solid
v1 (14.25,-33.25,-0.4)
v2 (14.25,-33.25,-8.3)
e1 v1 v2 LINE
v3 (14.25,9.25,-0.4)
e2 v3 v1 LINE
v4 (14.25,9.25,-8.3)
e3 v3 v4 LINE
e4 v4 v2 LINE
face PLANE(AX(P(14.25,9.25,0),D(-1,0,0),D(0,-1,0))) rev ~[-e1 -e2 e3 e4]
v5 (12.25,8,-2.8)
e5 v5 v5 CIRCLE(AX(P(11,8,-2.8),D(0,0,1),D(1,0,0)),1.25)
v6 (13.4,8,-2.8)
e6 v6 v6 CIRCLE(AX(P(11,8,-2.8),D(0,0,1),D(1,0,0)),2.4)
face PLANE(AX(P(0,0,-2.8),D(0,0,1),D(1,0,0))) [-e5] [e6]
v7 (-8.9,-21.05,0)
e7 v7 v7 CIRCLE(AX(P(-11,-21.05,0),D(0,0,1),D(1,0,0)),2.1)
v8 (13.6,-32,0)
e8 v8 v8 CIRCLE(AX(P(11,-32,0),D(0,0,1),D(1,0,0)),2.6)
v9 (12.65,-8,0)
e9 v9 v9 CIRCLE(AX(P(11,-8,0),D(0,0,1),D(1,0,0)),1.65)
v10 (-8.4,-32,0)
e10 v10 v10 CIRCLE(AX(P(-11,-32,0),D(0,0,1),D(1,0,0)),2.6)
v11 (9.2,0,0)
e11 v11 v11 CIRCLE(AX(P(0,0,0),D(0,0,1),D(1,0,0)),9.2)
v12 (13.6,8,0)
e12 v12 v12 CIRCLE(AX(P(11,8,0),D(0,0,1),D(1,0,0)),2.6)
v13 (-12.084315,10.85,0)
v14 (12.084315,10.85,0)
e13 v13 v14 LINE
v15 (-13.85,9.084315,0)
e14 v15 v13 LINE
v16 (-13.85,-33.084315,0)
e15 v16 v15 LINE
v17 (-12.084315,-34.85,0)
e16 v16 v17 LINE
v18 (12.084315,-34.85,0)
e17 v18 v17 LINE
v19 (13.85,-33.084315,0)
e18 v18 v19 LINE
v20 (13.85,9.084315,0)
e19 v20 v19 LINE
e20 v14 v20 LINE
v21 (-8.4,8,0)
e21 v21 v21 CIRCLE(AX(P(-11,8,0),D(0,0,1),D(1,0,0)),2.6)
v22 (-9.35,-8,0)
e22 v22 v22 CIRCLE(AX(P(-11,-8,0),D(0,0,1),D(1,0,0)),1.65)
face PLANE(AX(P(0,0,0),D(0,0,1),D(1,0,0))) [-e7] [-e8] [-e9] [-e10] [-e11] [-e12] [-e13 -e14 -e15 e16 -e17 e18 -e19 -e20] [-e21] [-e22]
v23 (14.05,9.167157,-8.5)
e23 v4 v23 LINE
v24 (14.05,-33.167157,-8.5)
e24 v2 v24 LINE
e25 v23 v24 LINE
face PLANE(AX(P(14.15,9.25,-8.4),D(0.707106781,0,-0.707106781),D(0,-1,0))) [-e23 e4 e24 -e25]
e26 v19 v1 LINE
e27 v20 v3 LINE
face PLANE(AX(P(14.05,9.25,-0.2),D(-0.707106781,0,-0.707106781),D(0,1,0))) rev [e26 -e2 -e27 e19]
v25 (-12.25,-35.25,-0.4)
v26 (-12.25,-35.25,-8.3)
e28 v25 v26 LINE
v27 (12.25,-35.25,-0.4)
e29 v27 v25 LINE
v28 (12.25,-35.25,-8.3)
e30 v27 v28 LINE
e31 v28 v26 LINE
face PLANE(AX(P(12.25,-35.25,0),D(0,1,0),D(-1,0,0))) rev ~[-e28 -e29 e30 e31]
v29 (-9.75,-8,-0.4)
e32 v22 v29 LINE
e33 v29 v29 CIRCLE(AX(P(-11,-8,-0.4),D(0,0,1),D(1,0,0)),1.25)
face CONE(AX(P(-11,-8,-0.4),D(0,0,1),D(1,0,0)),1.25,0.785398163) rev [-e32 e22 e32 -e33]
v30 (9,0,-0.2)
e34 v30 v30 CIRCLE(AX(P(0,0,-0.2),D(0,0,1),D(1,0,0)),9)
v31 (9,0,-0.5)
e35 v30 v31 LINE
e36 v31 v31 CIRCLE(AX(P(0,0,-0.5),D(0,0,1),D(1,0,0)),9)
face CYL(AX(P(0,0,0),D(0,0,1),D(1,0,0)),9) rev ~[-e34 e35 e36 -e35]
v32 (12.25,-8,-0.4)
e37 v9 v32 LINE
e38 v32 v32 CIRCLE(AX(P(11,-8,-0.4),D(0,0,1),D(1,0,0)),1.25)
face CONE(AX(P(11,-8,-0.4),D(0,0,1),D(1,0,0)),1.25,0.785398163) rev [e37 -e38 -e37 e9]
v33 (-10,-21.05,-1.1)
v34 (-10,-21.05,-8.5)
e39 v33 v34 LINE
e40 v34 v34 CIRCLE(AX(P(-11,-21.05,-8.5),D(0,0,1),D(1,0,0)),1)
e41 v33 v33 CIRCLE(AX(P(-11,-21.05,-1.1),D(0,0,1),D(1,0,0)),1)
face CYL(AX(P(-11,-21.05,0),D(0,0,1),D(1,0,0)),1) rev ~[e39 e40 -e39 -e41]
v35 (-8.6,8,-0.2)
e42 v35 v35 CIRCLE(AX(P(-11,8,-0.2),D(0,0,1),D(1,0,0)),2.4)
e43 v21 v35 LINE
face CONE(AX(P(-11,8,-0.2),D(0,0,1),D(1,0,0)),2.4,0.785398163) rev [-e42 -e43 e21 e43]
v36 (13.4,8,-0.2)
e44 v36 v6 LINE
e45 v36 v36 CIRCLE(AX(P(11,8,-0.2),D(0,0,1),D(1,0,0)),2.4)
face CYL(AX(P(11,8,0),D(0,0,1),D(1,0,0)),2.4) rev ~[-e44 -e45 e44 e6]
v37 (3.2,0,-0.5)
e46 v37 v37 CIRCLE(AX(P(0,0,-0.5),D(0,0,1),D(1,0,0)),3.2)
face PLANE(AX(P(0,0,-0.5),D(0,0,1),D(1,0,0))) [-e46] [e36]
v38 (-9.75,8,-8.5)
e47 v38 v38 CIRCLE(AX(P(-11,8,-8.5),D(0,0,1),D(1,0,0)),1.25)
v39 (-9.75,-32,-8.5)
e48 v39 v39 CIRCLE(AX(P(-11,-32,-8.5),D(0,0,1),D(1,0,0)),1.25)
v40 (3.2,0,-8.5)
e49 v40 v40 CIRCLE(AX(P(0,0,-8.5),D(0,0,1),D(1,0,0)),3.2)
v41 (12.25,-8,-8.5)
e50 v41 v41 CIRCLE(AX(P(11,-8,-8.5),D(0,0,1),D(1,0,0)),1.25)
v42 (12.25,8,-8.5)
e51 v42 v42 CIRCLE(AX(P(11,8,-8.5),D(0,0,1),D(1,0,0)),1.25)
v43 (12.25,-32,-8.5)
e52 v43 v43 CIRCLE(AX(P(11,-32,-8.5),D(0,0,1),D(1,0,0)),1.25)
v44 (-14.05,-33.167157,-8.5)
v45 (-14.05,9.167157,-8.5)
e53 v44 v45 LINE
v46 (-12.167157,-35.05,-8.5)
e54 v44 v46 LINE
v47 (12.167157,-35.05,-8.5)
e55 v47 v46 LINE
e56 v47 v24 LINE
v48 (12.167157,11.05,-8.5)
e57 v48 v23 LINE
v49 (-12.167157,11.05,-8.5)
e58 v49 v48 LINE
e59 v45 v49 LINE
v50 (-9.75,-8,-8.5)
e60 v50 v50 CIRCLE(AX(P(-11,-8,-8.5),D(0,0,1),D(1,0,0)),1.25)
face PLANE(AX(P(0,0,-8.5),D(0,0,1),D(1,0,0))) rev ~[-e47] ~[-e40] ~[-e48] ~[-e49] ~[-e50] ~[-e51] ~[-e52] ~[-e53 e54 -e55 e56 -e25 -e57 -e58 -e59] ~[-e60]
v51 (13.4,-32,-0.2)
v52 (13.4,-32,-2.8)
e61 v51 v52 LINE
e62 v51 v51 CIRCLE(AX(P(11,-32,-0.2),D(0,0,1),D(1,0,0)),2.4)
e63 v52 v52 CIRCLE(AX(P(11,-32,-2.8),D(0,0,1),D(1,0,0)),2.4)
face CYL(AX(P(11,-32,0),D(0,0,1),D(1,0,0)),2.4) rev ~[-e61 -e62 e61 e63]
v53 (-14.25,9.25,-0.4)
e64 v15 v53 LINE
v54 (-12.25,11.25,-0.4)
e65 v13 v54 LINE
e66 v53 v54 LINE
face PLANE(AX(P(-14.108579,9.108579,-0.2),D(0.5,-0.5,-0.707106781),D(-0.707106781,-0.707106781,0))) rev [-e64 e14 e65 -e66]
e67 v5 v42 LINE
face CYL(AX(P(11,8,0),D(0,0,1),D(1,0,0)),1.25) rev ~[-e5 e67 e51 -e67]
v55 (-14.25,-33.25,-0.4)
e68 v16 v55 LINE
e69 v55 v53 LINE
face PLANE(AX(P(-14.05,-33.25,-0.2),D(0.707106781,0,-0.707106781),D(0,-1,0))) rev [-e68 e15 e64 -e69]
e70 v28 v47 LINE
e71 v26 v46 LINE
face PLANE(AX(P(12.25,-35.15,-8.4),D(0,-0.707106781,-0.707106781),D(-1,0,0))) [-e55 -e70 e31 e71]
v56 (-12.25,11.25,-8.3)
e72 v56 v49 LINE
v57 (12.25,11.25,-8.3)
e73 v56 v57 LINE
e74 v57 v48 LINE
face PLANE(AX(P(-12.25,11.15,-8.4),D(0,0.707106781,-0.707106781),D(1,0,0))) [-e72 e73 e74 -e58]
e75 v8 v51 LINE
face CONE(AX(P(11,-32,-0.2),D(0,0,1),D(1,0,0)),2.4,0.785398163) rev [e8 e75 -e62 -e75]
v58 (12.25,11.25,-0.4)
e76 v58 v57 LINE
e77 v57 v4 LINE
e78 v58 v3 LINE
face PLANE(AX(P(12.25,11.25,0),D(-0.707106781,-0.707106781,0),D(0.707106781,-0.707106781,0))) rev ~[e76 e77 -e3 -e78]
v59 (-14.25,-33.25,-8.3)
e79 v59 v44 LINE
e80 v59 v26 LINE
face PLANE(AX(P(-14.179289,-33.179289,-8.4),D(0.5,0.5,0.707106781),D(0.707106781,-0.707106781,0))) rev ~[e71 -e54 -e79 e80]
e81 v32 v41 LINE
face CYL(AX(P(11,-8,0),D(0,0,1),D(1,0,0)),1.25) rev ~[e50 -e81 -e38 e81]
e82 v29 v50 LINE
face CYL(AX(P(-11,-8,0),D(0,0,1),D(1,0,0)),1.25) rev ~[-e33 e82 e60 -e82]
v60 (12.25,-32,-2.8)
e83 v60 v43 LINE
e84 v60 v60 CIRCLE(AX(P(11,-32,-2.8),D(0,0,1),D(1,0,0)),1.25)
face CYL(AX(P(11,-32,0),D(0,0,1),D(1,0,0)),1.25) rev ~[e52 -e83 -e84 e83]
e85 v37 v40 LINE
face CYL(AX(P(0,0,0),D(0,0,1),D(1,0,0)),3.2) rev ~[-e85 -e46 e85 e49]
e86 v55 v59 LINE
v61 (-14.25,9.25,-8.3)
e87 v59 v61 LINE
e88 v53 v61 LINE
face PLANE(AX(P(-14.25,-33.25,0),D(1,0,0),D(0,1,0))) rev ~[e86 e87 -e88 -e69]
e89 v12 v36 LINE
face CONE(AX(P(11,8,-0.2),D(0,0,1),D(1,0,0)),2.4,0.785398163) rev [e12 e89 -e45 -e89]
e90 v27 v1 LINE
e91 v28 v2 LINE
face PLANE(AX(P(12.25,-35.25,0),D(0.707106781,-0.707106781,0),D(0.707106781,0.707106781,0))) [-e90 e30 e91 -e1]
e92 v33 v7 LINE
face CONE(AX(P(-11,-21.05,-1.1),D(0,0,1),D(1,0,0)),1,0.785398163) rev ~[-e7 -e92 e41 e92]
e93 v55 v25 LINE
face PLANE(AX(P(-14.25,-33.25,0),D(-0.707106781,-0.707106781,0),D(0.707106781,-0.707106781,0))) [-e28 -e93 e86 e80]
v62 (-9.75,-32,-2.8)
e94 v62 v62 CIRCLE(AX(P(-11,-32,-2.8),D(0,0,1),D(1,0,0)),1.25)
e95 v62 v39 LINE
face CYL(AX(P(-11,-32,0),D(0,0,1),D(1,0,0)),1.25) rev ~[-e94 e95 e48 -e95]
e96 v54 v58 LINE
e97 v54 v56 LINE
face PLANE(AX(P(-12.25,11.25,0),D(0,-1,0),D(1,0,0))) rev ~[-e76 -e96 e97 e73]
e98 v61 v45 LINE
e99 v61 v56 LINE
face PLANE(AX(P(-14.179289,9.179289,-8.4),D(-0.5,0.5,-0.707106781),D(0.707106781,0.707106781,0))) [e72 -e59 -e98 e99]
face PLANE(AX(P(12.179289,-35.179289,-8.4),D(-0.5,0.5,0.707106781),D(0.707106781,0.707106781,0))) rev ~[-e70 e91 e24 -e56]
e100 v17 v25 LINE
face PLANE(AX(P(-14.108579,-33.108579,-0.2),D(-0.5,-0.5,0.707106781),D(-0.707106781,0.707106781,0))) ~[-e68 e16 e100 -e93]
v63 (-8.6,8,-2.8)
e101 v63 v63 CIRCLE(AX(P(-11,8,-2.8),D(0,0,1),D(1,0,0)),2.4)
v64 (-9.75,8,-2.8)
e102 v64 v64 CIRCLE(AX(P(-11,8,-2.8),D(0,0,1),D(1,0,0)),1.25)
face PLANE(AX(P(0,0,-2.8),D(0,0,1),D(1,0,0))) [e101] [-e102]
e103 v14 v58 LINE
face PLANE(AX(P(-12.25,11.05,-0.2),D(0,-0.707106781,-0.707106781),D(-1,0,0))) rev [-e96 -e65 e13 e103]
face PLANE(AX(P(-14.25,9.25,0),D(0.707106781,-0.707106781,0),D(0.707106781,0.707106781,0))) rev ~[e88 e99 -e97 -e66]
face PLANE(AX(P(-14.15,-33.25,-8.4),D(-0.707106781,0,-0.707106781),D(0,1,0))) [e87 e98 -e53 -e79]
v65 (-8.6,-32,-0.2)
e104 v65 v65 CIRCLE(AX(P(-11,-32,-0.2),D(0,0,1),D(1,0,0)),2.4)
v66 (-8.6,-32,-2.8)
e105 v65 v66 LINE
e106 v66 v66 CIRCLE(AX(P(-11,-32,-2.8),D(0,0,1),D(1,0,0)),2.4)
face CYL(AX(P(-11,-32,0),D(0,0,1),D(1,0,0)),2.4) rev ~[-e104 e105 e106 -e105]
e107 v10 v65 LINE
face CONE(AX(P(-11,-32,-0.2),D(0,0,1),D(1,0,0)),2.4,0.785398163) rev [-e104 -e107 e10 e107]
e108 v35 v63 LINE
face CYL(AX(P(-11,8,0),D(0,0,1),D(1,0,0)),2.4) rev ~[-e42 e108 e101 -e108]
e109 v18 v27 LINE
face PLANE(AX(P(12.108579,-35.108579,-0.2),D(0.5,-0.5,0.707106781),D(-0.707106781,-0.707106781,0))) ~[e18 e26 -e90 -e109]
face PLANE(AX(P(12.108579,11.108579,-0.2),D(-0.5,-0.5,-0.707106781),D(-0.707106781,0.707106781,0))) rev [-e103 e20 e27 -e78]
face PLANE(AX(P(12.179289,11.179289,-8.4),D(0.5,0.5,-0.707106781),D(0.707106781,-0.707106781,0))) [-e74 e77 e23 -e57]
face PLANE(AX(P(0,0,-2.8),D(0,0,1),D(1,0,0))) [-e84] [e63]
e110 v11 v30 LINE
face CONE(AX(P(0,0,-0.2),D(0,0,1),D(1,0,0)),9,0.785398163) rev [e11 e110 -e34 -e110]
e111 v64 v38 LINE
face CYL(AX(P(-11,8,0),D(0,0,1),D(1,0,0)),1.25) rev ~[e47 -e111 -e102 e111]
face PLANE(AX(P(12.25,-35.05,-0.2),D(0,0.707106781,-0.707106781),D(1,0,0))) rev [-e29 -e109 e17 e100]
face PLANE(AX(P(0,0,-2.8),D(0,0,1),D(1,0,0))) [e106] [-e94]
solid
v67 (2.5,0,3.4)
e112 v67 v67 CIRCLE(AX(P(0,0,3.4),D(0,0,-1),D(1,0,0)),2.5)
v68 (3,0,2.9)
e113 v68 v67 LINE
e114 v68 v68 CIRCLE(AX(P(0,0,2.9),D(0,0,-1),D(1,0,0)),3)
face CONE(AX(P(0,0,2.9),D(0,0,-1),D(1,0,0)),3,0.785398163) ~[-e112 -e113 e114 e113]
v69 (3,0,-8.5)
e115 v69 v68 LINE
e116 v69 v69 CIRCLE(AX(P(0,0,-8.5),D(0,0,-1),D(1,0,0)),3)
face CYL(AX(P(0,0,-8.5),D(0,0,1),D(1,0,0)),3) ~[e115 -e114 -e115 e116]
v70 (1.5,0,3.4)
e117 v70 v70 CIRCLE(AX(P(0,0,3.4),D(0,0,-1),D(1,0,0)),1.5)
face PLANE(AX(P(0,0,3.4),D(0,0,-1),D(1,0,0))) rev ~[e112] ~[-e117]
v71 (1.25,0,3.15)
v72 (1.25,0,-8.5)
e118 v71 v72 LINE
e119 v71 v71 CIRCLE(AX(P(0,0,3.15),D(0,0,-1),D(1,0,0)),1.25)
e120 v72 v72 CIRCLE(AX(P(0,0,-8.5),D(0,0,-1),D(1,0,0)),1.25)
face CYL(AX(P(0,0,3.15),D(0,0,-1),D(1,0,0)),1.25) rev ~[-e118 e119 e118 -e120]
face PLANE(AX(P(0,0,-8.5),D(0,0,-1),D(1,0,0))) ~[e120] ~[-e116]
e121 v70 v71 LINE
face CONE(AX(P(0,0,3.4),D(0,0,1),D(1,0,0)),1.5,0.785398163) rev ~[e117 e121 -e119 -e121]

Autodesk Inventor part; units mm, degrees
ref_plane "YZ Plane" through (0, 0, 0) normal (1, 0, 0) x (0, 1, 0)
ref_plane "XZ Plane" through (0, 0, 0) normal (0, 1, 0) x (-1, 0, 0)
ref_plane "XY Plane" through (0, 0, 0) normal (0, 0, 1) x (1, 0, 0)
sketch "スケッチ1" plane through (0, 0, 0) normal (0, 0, 1) x (1, 0, 0)
  line L0 (-12.25, 11.25) -> (12.25, 11.25)
  line L1 (14.25, 9.25) -> (14.25, -33.25)
  line L2 (12.25, -35.25) -> (-12.25, -35.25)
  line L3 (-14.25, -33.25) -> (-14.25, 9.25)
  circle A0 centre (11, 8) radius 1.25
  circle A1 centre (11, -8) radius 1.25
  circle A2 centre (11, -32) radius 1.25
  line L4 (0, 0) -> (0, 13.0678) construction
  circle A3 centre (-11, 8) radius 1.25
  circle A4 centre (-11, -8) radius 1.25
  circle A5 centre (-11, -32) radius 1.25
  line L5 (-26.5405, 0) -> (16.6243, 0) construction
  line L6 (11, 8) -> (11, -8) construction
  line L7 (11, -8) -> (11, -32) construction
  circle A6 centre (-11, -21.05) radius 1
  line L8 (-11, -21.05) -> (-11, -32) construction
  line L9 (-14.25, 9.25) -> (-12.25, 11.25)
  line L10 (12.25, 11.25) -> (14.25, 9.25)
  line L11 (12.25, -35.25) -> (14.25, -33.25)
  line L12 (-14.25, -33.25) -> (-12.25, -35.25)
  circle A7 centre (0, 0) radius 3.2
  point P0 (-14.25, 11.25)
  point P1 (14.25, -35.25)
  point P2 (14.25, 11.25)
  point P3 (-14.25, -35.25)
  dimension "d0" = 2.5
  dimension "d1" = 28.5
  dimension "d3" = 46.5
  dimension "d4" = 8
  dimension "d5" = 8
  dimension "d6" = 22
  dimension "d7" = 40
  dimension "d8" = 2
  dimension "d9" = 14.2
  dimension "d10" = 11.25
  dimension "d11" = 2
  dimension "d12" = 2
  dimension "d13" = 2
  dimension "d14" = 2
  dimension "d15" = 2
  dimension "d16" = 2
  dimension "d17" = 2
  dimension "d18" = 2
  dimension "d41" = 6.4
extrude "押し出し1" add sketch "スケッチ1" against normal blind 8.5
chamfer "面取り1" distance 1.1 angle 45 1 edges at (-12, -21.05, 0)
sketch "スケッチ2" plane through (0, 0, 0) normal (0, 0, 1) x (1, 0, 0)
  circle A0 centre (-11, 8) radius 2.4
  circle A1 centre (11, 8) radius 2.4
  circle A2 centre (11, -32) radius 2.4
  circle A3 centre (-11, -32) radius 2.4
  circle A4 centre (-11, 8) radius 1.25 construction
  circle A5 centre (11, 8) radius 1.25 construction
  circle A6 centre (11, -32) radius 1.25 construction
  circle A7 centre (-11, -32) radius 1.25 construction
  point P0 (0, 0)
  dimension "d25" = 4.8
extrude "押し出し2" cut sketch "スケッチ2" against normal blind 2.8
sketch "スケッチ3" plane through (0, 0, 0) normal (0, 0, 1) x (1, 0, 0)
  circle A0 centre (0, 0) radius 9
  dimension "d40" = 18
extrude "押し出し3" cut sketch "スケッチ3" against normal blind 0.5
chamfer "面取り2" distance 0.4 angle 45 10 edges at (-14.25, -12, 0) (-13.25, 10.25, 0) (0, 11.25, 0) (13.25, 10.25, 0) (14.25, -12, 0) (13.25, -34.25, 0) (0, -35.25, 0) (-13.25, -34.25, 0) (-12.25, -8, 0) (9.75, -8, 0)
chamfer "面取り3" distance 0.2 angle 45 13 edges at (-13.4, 8, 0) (8.6, 8, 0) (-9, 0, 0) (8.6, -32, 0) (-13.4, -32, 0) (-14.25, -12, -8.5) (-13.25, -34.25, -8.5) (0, -35.25, -8.5) (13.25, -34.25, -8.5) (14.25, -12, -8.5) (13.25, 10.25, -8.5) (0, 11.25, -8.5) (-13.25, 10.25, -8.5)
sketch "スケッチ5" plane through (0, 0, 0) normal (0, 1, 0) x (-1, 0, 0)
  line L0 (-1.25, -8.5) -> (-3, -8.5)
  line L1 (-3, -8.5) -> (-3, 2.9)
  line L2 (-2.5, 3.4) -> (-1.5, 3.4)
  line L3 (-1.25, 3.15) -> (-1.25, -8.5)
  line L4 (12.1672, -8.5) -> (-12.1672, -8.5) construction
  line L5 (-12.0843, 0) -> (12.0843, 0) construction
  line L6 (0, 0) -> (0, -12.5423) construction
  line L7 (-3, 2.9) -> (-2.5, 3.4)
  line L8 (-1.5, 3.4) -> (-1.25, 3.15)
  point P0 (-3, 3.4)
  point P1 (-1.25, 3.4)
  dimension "d42" = 2.5
  dimension "d43" = 6
  dimension "d44" = 3.4
  dimension "d45" = 0.5
  dimension "d46" = 0.5
  dimension "d47" = 0.25
  dimension "d48" = 0.25
revolve "回転1" add sketch "スケッチ5" angle 360 about axis through (0, 0, 0) along (0, 0, -1)
equation "\"d12\" = d11"
equation "\"d13\" = d11"
equation "\"d14\" = d13"
equation "\"d15\" = d11"
equation "\"d16\" = d15"
equation "\"d17\" = d11"
equation "\"d18\" = d17"
equation "\"d46\" = d45"
equation "\"d48\" = d47"
properties part number "XM430_HOUSING_TOP"
